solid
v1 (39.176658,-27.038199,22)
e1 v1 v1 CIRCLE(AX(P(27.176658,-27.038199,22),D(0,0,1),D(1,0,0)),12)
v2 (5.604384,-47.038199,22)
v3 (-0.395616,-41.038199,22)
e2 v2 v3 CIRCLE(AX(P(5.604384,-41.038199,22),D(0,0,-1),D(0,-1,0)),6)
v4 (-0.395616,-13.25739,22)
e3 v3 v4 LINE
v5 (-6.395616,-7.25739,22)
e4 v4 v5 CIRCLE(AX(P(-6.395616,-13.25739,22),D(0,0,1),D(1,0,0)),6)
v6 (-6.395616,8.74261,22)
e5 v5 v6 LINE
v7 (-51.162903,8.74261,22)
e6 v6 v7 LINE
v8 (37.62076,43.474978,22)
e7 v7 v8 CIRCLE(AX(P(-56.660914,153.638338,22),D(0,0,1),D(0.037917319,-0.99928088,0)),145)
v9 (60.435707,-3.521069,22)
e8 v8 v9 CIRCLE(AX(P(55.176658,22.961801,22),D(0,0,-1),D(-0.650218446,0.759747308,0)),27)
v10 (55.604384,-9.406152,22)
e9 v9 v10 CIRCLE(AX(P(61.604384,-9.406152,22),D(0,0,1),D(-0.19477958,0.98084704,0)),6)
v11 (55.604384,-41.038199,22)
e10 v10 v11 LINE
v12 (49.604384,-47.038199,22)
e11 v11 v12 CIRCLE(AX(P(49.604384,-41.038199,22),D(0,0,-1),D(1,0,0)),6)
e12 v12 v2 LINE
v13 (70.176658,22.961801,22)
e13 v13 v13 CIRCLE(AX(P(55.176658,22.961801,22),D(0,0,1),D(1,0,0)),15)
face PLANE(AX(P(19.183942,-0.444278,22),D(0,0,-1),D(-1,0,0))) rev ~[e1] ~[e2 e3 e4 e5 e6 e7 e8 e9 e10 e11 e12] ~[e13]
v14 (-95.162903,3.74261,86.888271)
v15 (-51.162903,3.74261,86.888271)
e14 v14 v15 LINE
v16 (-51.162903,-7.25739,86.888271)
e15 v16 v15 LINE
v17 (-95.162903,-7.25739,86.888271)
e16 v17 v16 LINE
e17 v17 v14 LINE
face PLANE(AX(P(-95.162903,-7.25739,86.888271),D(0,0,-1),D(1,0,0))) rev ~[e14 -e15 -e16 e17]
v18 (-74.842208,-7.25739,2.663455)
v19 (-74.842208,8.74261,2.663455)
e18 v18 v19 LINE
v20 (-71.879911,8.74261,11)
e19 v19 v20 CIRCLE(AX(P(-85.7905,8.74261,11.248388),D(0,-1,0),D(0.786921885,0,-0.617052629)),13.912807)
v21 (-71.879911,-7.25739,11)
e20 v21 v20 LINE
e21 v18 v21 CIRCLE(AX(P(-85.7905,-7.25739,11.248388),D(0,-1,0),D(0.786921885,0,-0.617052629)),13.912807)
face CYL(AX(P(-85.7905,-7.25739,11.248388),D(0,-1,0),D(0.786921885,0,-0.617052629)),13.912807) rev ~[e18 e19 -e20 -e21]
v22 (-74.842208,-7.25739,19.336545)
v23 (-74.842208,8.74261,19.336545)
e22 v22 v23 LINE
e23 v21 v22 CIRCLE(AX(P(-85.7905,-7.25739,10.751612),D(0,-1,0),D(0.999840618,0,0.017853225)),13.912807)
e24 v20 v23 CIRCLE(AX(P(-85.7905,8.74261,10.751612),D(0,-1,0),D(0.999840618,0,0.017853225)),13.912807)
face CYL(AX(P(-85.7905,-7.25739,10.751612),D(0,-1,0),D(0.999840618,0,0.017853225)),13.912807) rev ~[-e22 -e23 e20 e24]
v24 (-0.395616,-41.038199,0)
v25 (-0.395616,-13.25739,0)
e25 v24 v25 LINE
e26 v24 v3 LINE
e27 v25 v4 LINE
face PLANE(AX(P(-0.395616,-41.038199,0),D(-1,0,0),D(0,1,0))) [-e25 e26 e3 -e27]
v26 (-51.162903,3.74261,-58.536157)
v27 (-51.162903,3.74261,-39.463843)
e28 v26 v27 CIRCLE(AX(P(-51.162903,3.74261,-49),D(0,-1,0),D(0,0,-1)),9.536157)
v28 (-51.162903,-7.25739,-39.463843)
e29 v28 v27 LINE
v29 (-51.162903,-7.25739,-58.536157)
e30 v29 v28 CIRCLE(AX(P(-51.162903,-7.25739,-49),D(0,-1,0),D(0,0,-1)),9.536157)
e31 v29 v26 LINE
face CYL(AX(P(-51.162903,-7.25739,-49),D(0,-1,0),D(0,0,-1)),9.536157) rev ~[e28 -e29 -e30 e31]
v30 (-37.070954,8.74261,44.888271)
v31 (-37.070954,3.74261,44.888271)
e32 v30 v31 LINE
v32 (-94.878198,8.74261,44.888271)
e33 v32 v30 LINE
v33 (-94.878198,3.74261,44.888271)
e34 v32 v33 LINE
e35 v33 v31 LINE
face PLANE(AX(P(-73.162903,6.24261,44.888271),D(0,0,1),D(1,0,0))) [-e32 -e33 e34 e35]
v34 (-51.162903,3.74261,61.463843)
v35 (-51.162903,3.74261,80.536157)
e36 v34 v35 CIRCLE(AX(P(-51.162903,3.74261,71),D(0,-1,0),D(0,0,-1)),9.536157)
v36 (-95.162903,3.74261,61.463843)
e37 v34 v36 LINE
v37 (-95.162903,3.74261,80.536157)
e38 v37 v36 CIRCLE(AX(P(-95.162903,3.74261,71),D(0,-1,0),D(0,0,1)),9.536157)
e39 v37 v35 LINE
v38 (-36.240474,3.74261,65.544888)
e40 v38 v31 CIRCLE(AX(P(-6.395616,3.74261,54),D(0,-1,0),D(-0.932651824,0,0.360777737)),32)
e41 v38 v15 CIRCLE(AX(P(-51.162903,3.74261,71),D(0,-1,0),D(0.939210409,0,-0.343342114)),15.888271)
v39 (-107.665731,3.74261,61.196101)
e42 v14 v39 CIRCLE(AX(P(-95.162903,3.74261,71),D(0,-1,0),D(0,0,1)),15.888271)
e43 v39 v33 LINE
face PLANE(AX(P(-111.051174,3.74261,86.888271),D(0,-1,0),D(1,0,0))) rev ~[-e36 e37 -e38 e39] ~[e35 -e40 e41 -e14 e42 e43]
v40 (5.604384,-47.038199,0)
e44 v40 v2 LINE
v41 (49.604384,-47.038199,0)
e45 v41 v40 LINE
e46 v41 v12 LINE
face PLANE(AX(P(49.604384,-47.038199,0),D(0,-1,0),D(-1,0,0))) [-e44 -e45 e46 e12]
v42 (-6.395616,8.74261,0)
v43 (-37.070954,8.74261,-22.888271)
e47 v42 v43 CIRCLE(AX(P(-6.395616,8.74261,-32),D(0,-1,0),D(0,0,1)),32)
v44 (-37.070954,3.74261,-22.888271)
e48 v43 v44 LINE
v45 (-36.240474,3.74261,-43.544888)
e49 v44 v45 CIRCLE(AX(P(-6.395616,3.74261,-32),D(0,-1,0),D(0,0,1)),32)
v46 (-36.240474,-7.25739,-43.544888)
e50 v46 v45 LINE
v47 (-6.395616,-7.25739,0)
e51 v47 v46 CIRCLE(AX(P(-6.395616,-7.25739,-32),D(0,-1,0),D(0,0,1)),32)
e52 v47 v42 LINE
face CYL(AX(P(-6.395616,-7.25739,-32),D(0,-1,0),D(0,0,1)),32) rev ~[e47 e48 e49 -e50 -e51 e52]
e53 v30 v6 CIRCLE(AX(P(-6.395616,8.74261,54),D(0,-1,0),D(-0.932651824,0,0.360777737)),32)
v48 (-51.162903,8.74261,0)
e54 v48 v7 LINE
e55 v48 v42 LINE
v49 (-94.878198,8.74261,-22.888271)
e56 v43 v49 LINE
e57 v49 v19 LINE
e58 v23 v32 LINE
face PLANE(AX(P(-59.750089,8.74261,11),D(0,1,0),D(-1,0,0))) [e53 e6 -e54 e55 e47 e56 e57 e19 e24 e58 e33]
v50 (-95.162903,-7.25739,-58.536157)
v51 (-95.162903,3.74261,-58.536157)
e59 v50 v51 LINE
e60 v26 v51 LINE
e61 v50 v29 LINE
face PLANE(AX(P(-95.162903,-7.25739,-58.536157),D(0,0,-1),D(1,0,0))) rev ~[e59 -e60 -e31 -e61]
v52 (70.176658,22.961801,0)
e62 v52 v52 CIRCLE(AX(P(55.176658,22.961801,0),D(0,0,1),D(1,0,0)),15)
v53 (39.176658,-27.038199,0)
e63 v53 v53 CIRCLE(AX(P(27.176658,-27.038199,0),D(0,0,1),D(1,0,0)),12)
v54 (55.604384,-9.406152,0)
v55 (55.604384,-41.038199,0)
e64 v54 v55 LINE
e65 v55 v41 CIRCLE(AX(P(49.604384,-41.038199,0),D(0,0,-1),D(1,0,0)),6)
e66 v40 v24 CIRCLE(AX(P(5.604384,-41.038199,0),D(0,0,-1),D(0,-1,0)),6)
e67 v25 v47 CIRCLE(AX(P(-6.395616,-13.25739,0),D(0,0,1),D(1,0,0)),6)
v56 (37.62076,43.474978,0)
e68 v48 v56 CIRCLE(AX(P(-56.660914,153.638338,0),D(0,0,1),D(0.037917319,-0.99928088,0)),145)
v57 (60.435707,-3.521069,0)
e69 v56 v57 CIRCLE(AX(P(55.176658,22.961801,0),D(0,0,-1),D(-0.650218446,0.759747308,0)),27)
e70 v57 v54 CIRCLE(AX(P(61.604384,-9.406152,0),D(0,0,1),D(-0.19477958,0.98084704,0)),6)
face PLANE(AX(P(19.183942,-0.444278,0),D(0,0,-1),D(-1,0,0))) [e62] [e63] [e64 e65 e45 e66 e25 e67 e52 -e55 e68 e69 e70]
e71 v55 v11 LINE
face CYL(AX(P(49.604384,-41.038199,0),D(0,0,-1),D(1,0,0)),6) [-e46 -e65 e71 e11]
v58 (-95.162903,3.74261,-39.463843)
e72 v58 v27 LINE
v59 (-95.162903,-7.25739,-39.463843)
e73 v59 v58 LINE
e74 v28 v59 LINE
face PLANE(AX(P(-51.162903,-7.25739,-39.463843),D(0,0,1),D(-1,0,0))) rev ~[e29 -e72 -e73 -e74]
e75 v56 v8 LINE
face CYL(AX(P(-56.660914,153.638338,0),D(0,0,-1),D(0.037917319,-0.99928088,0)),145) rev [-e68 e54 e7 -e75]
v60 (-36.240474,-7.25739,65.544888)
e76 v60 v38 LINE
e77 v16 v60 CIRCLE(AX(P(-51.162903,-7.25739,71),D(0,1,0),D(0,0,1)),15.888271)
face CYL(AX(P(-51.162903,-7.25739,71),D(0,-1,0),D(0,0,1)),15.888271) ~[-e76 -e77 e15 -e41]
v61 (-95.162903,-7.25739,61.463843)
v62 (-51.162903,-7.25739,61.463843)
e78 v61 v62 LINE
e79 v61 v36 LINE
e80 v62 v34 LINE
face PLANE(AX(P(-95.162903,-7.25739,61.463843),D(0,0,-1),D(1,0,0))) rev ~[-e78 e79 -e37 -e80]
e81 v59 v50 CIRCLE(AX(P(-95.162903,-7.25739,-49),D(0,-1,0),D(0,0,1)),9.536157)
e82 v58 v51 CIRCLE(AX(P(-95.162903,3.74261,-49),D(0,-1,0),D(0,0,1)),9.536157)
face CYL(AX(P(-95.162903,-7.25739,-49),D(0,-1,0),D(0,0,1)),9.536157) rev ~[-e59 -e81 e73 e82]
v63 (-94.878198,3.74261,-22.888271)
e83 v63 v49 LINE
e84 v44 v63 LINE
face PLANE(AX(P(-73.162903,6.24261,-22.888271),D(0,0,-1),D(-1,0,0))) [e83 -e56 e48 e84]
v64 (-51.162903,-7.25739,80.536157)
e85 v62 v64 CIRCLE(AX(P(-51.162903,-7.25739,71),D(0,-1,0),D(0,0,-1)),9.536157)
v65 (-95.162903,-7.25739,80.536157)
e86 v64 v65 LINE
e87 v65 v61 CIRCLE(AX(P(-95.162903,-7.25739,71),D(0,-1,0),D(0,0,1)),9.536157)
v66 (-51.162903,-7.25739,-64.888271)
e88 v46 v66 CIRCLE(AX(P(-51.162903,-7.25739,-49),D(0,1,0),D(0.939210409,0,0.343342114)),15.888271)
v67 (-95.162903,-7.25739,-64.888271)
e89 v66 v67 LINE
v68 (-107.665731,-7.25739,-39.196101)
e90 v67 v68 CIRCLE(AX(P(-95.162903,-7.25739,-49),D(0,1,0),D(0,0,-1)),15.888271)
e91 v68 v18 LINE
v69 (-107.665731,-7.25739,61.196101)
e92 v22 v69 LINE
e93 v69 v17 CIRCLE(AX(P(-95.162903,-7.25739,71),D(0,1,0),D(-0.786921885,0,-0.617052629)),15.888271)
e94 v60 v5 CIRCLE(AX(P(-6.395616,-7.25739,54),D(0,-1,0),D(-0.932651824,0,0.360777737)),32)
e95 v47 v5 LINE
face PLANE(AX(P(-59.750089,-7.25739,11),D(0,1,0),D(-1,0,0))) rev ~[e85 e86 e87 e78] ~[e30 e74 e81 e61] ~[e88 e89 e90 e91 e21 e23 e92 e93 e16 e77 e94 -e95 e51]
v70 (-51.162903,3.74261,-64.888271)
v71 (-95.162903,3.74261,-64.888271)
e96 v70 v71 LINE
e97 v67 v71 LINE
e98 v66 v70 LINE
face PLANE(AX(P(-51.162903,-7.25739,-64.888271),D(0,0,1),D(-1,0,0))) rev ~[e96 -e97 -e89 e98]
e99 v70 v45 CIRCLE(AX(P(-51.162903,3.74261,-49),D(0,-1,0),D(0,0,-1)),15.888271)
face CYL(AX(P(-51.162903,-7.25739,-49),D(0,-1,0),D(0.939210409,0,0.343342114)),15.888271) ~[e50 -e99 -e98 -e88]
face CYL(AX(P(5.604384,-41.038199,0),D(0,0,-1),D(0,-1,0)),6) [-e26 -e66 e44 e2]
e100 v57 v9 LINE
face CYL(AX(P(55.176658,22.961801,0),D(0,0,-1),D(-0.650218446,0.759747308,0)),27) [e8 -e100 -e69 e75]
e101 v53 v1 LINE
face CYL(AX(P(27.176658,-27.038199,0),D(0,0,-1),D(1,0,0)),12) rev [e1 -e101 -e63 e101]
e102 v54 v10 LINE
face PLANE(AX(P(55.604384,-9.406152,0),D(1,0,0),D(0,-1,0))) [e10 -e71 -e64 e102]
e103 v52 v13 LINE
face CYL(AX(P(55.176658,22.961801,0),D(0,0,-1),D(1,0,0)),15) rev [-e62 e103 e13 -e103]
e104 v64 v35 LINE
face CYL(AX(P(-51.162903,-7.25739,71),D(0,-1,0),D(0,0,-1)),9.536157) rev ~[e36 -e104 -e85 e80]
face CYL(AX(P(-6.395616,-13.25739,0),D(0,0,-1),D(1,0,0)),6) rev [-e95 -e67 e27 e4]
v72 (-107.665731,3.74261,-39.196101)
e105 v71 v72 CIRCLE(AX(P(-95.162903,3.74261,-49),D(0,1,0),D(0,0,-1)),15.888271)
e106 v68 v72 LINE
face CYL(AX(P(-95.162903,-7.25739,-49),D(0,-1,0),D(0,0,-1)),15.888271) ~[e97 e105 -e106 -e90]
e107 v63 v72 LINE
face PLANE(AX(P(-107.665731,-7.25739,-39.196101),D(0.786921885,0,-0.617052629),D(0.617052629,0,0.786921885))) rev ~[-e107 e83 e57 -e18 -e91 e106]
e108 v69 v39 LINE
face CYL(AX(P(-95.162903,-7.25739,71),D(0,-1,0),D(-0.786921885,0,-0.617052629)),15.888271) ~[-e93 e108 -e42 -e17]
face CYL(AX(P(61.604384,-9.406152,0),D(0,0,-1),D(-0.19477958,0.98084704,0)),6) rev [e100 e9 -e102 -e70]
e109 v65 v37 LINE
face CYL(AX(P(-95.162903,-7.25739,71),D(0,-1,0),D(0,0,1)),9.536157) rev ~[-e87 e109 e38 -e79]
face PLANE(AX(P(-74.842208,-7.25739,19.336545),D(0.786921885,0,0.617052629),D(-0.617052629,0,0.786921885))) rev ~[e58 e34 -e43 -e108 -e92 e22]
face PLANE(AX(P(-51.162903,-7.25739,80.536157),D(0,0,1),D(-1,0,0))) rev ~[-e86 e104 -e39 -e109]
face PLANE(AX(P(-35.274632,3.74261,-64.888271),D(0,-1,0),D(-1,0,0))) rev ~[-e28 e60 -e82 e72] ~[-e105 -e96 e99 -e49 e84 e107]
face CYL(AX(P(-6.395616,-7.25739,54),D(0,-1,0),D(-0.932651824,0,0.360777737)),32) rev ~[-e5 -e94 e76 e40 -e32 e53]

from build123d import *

# Parameters (mm, degrees)
SKETCH1_R           = 15
SKETCH1_R_2         = 12
BOSS_EXTRUDE1_DEPTH = 22
BOSS_EXTRUDE3_DEPTH = 16
SKETCH9_W           = 75.776541305
SKETCH9_H           = 5
CUT_EXTRUDE1_DEPTH  = 42
SKETCH10_W          = 75.776541305
SKETCH10_H          = 5
CUT_EXTRUDE2_DEPTH  = 42


with BuildPart() as part:
    # Sketch1 → Boss-Extrude1 (new body)
    with BuildSketch(Plane.XY):
        with BuildLine():
            Line((55.604384426, -9.406151738), (55.604384426, -41.038199431))
            ThreePointArc((55.604384426, -41.038199431), (53.847025113, -45.280840118), (49.604384426, -47.038199431))
            Line((49.604384426, -47.038199431), (5.604384426, -47.038199431))
            ThreePointArc((5.604384426, -47.038199431), (1.361743739, -45.280840118), (-0.395615574, -41.038199431))
            Line((-0.395615574, -41.038199431), (-0.395615574, -13.257389991))
            ThreePointArc((-0.395615574, -13.257389991), (-2.152974887, -9.014749304), (-6.395615574, -7.257389991))
            Line((-6.395615574, -7.257389991), (-51.162903124, -7.257389991))
            Line((-51.162903124, -7.257389991), (-51.162903124, 8.742610009))
            ThreePointArc((-51.162903124, 8.742610009), (-3.834966472, 18.603456094), (37.620760235, 43.474977893))
            ThreePointArc((37.620760235, 43.474977893), (79.465755498, 34.75331261), (60.435706944, -3.5210695))
            ThreePointArc((60.435706944, -3.5210695), (56.966924728, -5.599057366), (55.604384426, -9.406151738))
        make_face()
        with Locations((55.176658278, 22.961800569)):
            Circle(SKETCH1_R, mode=Mode.SUBTRACT)
        with Locations((27.176658278, -27.038199431)):
            Circle(SKETCH1_R_2, mode=Mode.SUBTRACT)
    extrude(amount=BOSS_EXTRUDE1_DEPTH)

    # Sketch7 → Boss-Extrude3 (add)
    with BuildSketch(Plane.XZ.offset(7.257389991)):
        with BuildLine():
            ThreePointArc((-36.240473941, -43.544887573), (-38.141585084, -58.103978296), (-51.162903124, -64.888270652))
            Line((-51.162903124, -64.888270652), (-95.162903124, -64.888270652))
            ThreePointArc((-95.162903124, -64.888270652), (-109.449332837, -55.952342799), (-107.665731017, -39.196100826))
            Line((-107.665731017, -39.196100826), (-74.842207937, 2.663454503))
            ThreePointArc((-74.842207937, 2.663454503), (-72.680751998, 6.589987728), (-71.87991075, 11))
            ThreePointArc((-71.87991075, 11), (-72.680751998, 15.410012272), (-74.842207937, 19.336545497))
            Line((-74.842207937, 19.336545497), (-107.665731017, 61.196100826))
            ThreePointArc((-107.665731017, 61.196100826), (-109.449332837, 77.952342799), (-95.162903124, 86.888270652))
            Line((-95.162903124, 86.888270652), (-51.162903124, 86.888270652))
            ThreePointArc((-51.162903124, 86.888270652), (-38.141585084, 80.103978296), (-36.240473941, 65.544887573))
            ThreePointArc((-36.240473941, 65.544887573), (-32.791035654, 35.909068602), (-6.395615574, 22))
            Line((-6.395615574, 22), (-51.162903124, 22))
            Line((-51.162903124, 22), (-51.162903124, 0))
            Line((-51.162903124, 0), (-6.395615574, 0))
            ThreePointArc((-6.395615574, 0), (-32.791035654, -13.909068602), (-36.240473941, -43.544887573))
        make_face()
        with BuildLine():
            ThreePointArc((-51.162903124, -58.536156571), (-41.626746553, -49), (-51.162903124, -39.463843429))
            Line((-51.162903124, -39.463843429), (-95.162903124, -39.463843429))
            ThreePointArc((-95.162903124, -39.463843429), (-104.699059695, -49), (-95.162903124, -58.536156571))
            Line((-95.162903124, -58.536156571), (-51.162903124, -58.536156571))
        make_face(mode=Mode.SUBTRACT)
        with BuildLine():
            ThreePointArc((-95.162903124, 80.536156571), (-104.699059695, 71), (-95.162903124, 61.463843429))
            Line((-95.162903124, 61.463843429), (-51.162903124, 61.463843429))
            ThreePointArc((-51.162903124, 61.463843429), (-41.626746553, 71), (-51.162903124, 80.536156571))
            Line((-51.162903124, 80.536156571), (-95.162903124, 80.536156571))
        make_face(mode=Mode.SUBTRACT)
    extrude(amount=-BOSS_EXTRUDE3_DEPTH)

    # Sketch9 → Cut-Extrude1 (cut)
    with BuildSketch(Plane.XY.offset(86.888270652)):
        with Locations((-73.162903125, 6.242610009)):
            Rectangle(SKETCH9_W, SKETCH9_H)
    extrude(amount=-CUT_EXTRUDE1_DEPTH, mode=Mode.SUBTRACT)

    # Sketch10 → Cut-Extrude2 (cut)
    with BuildSketch(Plane(origin=(0, 0, -64.888270652), x_dir=(-1, 0, 0), z_dir=(0, 0, -1))):
        with Locations((73.162903125, 6.242610009)):
            Rectangle(SKETCH10_W, SKETCH10_H)
    extrude(amount=-CUT_EXTRUDE2_DEPTH, mode=Mode.SUBTRACT)


solid = part.part
